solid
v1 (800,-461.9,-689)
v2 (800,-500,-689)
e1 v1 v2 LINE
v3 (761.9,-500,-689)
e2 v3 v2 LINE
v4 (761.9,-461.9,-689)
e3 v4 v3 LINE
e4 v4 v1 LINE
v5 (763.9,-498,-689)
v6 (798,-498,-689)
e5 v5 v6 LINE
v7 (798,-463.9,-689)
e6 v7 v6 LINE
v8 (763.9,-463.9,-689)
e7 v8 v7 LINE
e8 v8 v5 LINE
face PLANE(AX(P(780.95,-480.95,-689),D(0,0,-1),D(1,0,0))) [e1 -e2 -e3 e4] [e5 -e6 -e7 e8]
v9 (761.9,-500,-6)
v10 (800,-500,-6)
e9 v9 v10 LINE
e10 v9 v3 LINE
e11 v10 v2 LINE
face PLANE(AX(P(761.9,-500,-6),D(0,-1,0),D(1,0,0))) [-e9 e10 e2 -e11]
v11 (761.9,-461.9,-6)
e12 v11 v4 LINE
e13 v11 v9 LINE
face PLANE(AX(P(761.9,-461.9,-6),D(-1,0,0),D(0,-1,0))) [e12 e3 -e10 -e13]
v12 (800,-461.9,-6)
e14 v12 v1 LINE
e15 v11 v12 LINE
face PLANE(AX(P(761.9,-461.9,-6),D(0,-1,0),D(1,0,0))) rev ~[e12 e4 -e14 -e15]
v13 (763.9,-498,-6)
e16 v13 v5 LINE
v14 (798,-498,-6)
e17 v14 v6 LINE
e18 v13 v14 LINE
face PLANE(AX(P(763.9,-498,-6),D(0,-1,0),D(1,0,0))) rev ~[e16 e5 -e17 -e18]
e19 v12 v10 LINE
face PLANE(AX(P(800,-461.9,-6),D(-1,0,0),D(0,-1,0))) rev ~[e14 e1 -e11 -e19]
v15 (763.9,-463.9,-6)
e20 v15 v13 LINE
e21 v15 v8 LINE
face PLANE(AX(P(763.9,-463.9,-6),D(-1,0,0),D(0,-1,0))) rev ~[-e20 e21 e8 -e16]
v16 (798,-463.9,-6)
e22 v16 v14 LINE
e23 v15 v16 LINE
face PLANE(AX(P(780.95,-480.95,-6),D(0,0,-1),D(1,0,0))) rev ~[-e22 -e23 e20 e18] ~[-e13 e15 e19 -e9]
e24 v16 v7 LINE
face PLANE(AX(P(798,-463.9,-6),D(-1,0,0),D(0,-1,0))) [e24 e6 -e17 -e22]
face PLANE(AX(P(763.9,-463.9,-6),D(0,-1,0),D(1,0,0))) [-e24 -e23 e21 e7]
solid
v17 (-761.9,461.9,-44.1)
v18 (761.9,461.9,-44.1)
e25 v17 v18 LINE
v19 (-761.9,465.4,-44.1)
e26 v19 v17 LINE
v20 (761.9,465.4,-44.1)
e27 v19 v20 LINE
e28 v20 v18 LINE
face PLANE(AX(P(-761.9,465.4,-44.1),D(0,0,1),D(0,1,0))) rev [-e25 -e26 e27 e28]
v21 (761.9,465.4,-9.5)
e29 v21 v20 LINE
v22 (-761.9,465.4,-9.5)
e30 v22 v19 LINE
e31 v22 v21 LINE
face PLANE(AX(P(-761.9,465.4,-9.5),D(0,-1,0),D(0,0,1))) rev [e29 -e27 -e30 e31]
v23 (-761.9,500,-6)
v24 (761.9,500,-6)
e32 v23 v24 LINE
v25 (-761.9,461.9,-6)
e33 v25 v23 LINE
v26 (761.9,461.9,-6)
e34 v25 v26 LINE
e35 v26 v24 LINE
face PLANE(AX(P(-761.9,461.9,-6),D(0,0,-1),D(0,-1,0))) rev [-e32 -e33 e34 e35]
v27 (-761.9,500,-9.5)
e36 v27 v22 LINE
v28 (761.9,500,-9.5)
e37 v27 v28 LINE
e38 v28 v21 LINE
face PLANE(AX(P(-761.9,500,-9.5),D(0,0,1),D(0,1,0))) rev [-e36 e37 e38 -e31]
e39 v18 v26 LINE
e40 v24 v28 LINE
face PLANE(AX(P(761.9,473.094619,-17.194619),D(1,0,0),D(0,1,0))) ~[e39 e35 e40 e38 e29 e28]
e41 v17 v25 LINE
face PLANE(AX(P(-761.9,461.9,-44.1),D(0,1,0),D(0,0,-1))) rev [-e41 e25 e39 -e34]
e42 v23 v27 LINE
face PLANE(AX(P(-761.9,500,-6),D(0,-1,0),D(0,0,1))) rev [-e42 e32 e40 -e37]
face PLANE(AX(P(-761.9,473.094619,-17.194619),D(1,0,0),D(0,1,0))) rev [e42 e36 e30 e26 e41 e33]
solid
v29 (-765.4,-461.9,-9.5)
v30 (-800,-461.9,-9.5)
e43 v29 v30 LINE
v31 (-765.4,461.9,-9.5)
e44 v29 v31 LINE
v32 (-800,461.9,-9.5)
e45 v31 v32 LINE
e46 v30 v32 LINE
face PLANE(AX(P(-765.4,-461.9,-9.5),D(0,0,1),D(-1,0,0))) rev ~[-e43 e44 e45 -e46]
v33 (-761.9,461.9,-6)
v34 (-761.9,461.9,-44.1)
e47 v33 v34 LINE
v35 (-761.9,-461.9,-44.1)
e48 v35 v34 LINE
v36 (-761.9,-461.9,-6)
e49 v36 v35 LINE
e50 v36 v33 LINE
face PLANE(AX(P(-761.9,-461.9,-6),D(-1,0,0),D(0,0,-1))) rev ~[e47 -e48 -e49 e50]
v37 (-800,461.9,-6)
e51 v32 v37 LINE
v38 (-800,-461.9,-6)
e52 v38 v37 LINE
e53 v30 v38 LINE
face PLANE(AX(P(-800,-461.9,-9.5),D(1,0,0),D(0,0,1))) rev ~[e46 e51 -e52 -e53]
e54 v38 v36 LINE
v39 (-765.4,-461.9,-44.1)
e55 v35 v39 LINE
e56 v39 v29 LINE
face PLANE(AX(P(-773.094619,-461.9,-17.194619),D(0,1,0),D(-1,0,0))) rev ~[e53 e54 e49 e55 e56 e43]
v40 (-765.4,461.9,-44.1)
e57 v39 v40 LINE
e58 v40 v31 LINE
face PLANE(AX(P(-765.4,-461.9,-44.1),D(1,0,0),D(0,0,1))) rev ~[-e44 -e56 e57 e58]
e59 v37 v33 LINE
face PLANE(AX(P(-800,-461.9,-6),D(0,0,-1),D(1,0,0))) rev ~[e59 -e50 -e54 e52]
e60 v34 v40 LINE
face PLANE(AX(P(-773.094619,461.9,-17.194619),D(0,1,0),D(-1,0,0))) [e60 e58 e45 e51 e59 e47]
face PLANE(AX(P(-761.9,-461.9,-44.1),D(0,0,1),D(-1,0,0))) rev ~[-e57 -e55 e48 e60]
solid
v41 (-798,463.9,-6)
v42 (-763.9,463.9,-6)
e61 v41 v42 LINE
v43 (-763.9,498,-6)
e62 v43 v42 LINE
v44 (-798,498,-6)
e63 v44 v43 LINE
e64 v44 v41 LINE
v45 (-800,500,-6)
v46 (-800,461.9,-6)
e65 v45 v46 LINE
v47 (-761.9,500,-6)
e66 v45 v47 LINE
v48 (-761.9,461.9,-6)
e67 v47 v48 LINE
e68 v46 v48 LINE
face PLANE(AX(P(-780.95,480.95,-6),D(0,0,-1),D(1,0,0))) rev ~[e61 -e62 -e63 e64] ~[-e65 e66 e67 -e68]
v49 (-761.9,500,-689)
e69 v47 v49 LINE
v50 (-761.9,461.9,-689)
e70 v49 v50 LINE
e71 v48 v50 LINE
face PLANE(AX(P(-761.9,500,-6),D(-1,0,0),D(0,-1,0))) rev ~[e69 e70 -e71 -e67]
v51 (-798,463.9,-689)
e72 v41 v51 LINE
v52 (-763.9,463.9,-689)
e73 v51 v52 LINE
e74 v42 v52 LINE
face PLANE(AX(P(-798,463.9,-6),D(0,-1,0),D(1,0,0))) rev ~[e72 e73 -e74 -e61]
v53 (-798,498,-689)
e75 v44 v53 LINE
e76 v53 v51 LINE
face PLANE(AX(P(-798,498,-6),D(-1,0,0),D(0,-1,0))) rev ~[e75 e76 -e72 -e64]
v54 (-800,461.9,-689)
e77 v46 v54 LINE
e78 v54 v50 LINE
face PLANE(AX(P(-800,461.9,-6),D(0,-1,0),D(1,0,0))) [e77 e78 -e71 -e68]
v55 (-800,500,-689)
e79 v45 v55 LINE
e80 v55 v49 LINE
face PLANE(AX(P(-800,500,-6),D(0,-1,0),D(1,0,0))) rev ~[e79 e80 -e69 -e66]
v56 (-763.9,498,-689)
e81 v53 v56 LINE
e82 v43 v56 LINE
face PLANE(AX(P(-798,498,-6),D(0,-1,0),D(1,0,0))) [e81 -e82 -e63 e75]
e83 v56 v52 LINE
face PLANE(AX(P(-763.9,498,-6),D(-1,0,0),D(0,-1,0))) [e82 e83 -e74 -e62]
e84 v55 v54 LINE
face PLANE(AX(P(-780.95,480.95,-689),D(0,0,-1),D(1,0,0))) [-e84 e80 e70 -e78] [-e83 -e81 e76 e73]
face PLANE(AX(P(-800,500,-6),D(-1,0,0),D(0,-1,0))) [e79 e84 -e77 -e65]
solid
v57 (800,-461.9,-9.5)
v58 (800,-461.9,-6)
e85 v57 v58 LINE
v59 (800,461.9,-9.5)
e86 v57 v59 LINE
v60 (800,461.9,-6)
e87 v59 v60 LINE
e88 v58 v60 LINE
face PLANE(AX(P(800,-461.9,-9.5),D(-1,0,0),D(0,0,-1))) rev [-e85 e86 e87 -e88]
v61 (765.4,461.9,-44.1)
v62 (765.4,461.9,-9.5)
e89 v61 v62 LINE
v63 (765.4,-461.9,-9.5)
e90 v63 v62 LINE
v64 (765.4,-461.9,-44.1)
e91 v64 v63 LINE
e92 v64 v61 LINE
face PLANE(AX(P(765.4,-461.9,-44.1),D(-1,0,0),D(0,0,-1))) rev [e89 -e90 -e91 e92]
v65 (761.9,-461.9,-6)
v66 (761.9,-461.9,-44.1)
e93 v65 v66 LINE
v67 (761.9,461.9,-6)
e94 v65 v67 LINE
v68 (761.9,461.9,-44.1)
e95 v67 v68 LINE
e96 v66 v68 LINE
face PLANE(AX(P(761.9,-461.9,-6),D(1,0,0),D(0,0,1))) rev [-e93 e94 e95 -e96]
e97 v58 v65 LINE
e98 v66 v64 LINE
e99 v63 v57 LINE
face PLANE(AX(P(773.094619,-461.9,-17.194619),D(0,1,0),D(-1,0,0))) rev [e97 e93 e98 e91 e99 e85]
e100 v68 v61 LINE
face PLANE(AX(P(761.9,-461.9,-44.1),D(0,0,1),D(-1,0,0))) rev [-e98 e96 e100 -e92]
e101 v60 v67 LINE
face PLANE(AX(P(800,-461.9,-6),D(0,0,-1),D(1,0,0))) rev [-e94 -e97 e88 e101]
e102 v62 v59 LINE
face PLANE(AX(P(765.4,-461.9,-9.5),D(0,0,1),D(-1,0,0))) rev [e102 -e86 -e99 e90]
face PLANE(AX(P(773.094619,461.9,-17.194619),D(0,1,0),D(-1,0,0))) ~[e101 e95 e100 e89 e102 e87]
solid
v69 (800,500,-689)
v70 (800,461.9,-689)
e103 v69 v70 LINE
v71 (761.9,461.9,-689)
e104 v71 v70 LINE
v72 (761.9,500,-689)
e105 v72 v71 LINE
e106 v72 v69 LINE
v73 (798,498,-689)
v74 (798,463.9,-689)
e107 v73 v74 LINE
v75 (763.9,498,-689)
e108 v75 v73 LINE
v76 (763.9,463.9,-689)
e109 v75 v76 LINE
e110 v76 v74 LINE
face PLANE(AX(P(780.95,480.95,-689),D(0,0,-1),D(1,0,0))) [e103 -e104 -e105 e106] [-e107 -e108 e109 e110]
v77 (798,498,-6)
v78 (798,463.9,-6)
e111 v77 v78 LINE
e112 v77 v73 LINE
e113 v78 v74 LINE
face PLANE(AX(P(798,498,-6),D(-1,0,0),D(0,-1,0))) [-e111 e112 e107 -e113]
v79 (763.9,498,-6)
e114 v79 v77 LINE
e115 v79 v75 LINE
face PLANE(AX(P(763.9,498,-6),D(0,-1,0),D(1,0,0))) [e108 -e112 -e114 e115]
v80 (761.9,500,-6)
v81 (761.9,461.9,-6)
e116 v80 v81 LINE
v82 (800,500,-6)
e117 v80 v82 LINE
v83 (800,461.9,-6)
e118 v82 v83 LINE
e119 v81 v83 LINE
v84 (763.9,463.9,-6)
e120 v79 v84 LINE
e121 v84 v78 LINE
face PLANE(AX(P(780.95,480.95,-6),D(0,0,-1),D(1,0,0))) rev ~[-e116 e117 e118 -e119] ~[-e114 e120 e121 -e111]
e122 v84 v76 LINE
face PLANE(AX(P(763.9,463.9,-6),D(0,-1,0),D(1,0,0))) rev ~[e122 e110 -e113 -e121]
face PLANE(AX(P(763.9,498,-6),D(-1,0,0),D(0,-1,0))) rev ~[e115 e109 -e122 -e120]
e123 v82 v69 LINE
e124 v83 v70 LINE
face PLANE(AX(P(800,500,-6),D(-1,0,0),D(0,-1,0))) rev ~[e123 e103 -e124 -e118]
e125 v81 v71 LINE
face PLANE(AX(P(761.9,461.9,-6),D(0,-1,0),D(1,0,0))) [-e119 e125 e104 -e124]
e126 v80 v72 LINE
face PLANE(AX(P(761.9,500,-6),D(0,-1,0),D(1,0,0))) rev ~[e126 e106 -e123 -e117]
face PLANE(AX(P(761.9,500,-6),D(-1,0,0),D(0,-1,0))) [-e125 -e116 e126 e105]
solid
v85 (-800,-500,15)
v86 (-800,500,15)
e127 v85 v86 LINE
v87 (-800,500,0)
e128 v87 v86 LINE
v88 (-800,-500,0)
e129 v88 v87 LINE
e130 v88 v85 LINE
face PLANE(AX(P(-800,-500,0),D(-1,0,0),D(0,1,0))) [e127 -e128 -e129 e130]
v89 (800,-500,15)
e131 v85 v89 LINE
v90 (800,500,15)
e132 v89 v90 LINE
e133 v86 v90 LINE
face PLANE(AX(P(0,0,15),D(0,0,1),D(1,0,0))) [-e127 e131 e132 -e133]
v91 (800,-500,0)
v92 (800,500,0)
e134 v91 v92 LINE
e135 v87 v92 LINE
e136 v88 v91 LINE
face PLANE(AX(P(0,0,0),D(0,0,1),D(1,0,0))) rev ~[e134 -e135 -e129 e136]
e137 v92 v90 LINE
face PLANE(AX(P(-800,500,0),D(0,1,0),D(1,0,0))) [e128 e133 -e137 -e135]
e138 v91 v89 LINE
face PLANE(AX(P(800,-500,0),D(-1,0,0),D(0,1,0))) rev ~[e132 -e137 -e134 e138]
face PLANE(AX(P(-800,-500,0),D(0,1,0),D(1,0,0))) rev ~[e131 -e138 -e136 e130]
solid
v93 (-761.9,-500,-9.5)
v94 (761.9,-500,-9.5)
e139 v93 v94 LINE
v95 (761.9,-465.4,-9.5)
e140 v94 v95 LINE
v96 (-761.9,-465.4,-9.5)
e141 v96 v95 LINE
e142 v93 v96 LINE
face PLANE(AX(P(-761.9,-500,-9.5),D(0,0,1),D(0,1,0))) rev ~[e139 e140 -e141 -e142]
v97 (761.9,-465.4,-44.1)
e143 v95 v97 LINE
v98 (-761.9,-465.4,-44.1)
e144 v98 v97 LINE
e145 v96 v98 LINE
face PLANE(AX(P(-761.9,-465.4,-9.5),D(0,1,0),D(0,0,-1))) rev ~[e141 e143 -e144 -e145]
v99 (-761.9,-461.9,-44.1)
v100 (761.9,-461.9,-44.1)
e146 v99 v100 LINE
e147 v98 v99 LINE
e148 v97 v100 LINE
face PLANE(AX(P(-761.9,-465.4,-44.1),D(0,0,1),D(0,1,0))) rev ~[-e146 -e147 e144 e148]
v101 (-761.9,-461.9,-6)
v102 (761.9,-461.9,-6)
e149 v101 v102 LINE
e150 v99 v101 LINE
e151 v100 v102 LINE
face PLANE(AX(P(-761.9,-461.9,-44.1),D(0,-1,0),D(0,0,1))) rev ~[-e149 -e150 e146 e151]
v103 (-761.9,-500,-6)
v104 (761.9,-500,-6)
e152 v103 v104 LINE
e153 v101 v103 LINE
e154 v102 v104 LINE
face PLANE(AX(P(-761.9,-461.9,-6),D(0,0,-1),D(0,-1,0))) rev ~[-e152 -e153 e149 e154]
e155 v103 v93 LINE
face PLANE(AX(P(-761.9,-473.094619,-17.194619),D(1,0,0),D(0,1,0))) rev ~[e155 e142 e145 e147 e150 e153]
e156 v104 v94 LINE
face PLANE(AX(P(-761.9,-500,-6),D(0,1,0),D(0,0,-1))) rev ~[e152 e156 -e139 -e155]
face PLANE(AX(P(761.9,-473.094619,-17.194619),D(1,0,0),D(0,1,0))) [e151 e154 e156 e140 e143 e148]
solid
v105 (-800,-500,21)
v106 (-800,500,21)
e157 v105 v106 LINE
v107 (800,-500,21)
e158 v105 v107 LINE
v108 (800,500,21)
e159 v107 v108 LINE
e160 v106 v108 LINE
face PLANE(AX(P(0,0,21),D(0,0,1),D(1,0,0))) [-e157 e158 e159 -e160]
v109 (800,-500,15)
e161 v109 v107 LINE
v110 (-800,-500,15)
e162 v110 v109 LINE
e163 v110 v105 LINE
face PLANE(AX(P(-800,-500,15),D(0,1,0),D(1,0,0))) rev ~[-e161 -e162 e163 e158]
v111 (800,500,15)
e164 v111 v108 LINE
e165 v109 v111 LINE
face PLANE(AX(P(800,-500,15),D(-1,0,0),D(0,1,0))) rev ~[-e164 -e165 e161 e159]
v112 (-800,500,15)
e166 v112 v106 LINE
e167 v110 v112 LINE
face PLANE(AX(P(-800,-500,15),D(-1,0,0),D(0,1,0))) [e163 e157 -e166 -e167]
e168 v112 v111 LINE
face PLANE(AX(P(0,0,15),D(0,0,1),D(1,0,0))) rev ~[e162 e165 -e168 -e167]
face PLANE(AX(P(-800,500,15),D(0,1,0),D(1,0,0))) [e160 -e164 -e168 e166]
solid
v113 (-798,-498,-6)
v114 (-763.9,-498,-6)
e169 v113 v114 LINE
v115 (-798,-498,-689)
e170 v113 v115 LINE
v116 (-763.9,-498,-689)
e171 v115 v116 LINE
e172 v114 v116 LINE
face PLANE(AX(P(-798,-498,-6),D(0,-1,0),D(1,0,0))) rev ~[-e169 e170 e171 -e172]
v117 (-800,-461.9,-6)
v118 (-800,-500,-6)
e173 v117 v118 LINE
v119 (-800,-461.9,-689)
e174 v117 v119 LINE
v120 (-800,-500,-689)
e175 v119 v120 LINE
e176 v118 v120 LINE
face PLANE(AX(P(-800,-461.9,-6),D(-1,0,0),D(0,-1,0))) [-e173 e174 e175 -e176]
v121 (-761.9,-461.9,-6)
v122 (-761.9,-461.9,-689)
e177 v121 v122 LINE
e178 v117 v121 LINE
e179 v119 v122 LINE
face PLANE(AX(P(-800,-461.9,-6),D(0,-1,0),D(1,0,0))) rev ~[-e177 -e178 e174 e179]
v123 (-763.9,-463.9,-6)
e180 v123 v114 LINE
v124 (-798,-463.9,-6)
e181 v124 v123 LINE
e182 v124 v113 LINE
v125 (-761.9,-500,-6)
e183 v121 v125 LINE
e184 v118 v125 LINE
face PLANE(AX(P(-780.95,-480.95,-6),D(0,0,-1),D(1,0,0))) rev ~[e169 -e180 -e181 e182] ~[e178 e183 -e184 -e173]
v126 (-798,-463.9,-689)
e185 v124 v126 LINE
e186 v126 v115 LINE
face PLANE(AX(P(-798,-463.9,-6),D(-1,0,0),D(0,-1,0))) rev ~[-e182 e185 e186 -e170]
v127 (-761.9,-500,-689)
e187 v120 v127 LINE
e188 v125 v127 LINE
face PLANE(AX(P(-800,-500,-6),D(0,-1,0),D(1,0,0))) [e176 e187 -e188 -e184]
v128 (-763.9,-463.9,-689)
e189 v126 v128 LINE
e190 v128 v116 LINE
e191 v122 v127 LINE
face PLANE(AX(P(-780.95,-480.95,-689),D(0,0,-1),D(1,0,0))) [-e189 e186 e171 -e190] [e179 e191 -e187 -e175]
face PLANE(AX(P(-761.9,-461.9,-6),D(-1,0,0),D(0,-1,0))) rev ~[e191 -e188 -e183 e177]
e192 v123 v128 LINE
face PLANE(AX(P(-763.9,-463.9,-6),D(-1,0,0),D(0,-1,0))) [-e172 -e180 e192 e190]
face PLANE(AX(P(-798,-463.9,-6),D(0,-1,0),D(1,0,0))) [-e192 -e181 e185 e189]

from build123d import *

# Parameters (mm, degrees)
F0_W      = 1600
F0_H      = 1000
F1_DEPTH  = 15
F3_W      = 38.1
F3_H      = 38.1
F3_W_2    = 34.1
F3_H_2    = 34.1
F4_DEPTH  = 683
F6_DEPTH  = 1523.8
F9_DEPTH  = 923.8
F1_FACE_W = 1600
F1_FACE_H = 1000
F11_DEPTH = 6


with BuildPart() as f1:
    # F0 (on Top) → F1 (new body)
    with BuildSketch(Plane.XY):
        Rectangle(F0_W, F0_H)
    extrude(amount=F1_DEPTH)


with BuildPart() as f4:
    # F3 (on offset) → F4 (new body)
    with BuildSketch(Plane(origin=(0, 0, -6), x_dir=(1, 0, 0), z_dir=(0, 0, -1))):
        with Locations((-780.95, 480.95)):
            Rectangle(F3_W, F3_H)
        with Locations((-780.95, 480.95)):
            Rectangle(F3_W_2, F3_H_2, mode=Mode.SUBTRACT)
        with Locations((780.95, 480.95)):
            Rectangle(F3_W, F3_H)
        with Locations((780.95, 480.95)):
            Rectangle(F3_W_2, F3_H_2, mode=Mode.SUBTRACT)
        with Locations((-780.95, -480.95)):
            Rectangle(F3_W, F3_H)
        with Locations((-780.95, -480.95)):
            Rectangle(F3_W_2, F3_H_2, mode=Mode.SUBTRACT)
        with Locations((780.95, -480.95)):
            Rectangle(F3_W, F3_H)
        with Locations((780.95, -480.95)):
            Rectangle(F3_W_2, F3_H_2, mode=Mode.SUBTRACT)
    extrude(amount=F4_DEPTH)


with BuildPart() as f6:
    # F5 (on face) → F6 (new body, through all)
    with BuildSketch(Plane.YZ.offset(-761.9)):
        Polygon((-461.9, -6), (-500, -6), (-500, -9.5), (-465.4, -9.5), (-465.4, -44.1), (-461.9, -44.1), align=None)
    extrude(amount=F6_DEPTH)


with BuildPart() as f7_1:
    # F7: instance of F6
    add(f6.part.mirror(Plane.XZ))


with BuildPart() as f9:
    # F8 (on face) → F9 (new body, through all)
    with BuildSketch(Plane(origin=(0, -461.9, 0), x_dir=(-1, 0, 0), z_dir=(0, 1, 0))):
        Polygon((800, -9.5), (800, -6), (761.9, -6), (761.9, -44.1), (765.4, -44.1), (765.4, -9.5), align=None)
    extrude(amount=F9_DEPTH)


with BuildPart() as f10_1:
    # F10: instance of F9
    add(f9.part.mirror(Plane.YZ))


with BuildPart() as f11:
    # F1_face (on face) → F11 (new body)
    with BuildSketch(Plane.XY.offset(15)):
        Rectangle(F1_FACE_W, F1_FACE_H)
    extrude(amount=F11_DEPTH)


solid = Compound([f1.part, f4.part, f6.part, f7_1.part, f9.part, f10_1.part, f11.part])
